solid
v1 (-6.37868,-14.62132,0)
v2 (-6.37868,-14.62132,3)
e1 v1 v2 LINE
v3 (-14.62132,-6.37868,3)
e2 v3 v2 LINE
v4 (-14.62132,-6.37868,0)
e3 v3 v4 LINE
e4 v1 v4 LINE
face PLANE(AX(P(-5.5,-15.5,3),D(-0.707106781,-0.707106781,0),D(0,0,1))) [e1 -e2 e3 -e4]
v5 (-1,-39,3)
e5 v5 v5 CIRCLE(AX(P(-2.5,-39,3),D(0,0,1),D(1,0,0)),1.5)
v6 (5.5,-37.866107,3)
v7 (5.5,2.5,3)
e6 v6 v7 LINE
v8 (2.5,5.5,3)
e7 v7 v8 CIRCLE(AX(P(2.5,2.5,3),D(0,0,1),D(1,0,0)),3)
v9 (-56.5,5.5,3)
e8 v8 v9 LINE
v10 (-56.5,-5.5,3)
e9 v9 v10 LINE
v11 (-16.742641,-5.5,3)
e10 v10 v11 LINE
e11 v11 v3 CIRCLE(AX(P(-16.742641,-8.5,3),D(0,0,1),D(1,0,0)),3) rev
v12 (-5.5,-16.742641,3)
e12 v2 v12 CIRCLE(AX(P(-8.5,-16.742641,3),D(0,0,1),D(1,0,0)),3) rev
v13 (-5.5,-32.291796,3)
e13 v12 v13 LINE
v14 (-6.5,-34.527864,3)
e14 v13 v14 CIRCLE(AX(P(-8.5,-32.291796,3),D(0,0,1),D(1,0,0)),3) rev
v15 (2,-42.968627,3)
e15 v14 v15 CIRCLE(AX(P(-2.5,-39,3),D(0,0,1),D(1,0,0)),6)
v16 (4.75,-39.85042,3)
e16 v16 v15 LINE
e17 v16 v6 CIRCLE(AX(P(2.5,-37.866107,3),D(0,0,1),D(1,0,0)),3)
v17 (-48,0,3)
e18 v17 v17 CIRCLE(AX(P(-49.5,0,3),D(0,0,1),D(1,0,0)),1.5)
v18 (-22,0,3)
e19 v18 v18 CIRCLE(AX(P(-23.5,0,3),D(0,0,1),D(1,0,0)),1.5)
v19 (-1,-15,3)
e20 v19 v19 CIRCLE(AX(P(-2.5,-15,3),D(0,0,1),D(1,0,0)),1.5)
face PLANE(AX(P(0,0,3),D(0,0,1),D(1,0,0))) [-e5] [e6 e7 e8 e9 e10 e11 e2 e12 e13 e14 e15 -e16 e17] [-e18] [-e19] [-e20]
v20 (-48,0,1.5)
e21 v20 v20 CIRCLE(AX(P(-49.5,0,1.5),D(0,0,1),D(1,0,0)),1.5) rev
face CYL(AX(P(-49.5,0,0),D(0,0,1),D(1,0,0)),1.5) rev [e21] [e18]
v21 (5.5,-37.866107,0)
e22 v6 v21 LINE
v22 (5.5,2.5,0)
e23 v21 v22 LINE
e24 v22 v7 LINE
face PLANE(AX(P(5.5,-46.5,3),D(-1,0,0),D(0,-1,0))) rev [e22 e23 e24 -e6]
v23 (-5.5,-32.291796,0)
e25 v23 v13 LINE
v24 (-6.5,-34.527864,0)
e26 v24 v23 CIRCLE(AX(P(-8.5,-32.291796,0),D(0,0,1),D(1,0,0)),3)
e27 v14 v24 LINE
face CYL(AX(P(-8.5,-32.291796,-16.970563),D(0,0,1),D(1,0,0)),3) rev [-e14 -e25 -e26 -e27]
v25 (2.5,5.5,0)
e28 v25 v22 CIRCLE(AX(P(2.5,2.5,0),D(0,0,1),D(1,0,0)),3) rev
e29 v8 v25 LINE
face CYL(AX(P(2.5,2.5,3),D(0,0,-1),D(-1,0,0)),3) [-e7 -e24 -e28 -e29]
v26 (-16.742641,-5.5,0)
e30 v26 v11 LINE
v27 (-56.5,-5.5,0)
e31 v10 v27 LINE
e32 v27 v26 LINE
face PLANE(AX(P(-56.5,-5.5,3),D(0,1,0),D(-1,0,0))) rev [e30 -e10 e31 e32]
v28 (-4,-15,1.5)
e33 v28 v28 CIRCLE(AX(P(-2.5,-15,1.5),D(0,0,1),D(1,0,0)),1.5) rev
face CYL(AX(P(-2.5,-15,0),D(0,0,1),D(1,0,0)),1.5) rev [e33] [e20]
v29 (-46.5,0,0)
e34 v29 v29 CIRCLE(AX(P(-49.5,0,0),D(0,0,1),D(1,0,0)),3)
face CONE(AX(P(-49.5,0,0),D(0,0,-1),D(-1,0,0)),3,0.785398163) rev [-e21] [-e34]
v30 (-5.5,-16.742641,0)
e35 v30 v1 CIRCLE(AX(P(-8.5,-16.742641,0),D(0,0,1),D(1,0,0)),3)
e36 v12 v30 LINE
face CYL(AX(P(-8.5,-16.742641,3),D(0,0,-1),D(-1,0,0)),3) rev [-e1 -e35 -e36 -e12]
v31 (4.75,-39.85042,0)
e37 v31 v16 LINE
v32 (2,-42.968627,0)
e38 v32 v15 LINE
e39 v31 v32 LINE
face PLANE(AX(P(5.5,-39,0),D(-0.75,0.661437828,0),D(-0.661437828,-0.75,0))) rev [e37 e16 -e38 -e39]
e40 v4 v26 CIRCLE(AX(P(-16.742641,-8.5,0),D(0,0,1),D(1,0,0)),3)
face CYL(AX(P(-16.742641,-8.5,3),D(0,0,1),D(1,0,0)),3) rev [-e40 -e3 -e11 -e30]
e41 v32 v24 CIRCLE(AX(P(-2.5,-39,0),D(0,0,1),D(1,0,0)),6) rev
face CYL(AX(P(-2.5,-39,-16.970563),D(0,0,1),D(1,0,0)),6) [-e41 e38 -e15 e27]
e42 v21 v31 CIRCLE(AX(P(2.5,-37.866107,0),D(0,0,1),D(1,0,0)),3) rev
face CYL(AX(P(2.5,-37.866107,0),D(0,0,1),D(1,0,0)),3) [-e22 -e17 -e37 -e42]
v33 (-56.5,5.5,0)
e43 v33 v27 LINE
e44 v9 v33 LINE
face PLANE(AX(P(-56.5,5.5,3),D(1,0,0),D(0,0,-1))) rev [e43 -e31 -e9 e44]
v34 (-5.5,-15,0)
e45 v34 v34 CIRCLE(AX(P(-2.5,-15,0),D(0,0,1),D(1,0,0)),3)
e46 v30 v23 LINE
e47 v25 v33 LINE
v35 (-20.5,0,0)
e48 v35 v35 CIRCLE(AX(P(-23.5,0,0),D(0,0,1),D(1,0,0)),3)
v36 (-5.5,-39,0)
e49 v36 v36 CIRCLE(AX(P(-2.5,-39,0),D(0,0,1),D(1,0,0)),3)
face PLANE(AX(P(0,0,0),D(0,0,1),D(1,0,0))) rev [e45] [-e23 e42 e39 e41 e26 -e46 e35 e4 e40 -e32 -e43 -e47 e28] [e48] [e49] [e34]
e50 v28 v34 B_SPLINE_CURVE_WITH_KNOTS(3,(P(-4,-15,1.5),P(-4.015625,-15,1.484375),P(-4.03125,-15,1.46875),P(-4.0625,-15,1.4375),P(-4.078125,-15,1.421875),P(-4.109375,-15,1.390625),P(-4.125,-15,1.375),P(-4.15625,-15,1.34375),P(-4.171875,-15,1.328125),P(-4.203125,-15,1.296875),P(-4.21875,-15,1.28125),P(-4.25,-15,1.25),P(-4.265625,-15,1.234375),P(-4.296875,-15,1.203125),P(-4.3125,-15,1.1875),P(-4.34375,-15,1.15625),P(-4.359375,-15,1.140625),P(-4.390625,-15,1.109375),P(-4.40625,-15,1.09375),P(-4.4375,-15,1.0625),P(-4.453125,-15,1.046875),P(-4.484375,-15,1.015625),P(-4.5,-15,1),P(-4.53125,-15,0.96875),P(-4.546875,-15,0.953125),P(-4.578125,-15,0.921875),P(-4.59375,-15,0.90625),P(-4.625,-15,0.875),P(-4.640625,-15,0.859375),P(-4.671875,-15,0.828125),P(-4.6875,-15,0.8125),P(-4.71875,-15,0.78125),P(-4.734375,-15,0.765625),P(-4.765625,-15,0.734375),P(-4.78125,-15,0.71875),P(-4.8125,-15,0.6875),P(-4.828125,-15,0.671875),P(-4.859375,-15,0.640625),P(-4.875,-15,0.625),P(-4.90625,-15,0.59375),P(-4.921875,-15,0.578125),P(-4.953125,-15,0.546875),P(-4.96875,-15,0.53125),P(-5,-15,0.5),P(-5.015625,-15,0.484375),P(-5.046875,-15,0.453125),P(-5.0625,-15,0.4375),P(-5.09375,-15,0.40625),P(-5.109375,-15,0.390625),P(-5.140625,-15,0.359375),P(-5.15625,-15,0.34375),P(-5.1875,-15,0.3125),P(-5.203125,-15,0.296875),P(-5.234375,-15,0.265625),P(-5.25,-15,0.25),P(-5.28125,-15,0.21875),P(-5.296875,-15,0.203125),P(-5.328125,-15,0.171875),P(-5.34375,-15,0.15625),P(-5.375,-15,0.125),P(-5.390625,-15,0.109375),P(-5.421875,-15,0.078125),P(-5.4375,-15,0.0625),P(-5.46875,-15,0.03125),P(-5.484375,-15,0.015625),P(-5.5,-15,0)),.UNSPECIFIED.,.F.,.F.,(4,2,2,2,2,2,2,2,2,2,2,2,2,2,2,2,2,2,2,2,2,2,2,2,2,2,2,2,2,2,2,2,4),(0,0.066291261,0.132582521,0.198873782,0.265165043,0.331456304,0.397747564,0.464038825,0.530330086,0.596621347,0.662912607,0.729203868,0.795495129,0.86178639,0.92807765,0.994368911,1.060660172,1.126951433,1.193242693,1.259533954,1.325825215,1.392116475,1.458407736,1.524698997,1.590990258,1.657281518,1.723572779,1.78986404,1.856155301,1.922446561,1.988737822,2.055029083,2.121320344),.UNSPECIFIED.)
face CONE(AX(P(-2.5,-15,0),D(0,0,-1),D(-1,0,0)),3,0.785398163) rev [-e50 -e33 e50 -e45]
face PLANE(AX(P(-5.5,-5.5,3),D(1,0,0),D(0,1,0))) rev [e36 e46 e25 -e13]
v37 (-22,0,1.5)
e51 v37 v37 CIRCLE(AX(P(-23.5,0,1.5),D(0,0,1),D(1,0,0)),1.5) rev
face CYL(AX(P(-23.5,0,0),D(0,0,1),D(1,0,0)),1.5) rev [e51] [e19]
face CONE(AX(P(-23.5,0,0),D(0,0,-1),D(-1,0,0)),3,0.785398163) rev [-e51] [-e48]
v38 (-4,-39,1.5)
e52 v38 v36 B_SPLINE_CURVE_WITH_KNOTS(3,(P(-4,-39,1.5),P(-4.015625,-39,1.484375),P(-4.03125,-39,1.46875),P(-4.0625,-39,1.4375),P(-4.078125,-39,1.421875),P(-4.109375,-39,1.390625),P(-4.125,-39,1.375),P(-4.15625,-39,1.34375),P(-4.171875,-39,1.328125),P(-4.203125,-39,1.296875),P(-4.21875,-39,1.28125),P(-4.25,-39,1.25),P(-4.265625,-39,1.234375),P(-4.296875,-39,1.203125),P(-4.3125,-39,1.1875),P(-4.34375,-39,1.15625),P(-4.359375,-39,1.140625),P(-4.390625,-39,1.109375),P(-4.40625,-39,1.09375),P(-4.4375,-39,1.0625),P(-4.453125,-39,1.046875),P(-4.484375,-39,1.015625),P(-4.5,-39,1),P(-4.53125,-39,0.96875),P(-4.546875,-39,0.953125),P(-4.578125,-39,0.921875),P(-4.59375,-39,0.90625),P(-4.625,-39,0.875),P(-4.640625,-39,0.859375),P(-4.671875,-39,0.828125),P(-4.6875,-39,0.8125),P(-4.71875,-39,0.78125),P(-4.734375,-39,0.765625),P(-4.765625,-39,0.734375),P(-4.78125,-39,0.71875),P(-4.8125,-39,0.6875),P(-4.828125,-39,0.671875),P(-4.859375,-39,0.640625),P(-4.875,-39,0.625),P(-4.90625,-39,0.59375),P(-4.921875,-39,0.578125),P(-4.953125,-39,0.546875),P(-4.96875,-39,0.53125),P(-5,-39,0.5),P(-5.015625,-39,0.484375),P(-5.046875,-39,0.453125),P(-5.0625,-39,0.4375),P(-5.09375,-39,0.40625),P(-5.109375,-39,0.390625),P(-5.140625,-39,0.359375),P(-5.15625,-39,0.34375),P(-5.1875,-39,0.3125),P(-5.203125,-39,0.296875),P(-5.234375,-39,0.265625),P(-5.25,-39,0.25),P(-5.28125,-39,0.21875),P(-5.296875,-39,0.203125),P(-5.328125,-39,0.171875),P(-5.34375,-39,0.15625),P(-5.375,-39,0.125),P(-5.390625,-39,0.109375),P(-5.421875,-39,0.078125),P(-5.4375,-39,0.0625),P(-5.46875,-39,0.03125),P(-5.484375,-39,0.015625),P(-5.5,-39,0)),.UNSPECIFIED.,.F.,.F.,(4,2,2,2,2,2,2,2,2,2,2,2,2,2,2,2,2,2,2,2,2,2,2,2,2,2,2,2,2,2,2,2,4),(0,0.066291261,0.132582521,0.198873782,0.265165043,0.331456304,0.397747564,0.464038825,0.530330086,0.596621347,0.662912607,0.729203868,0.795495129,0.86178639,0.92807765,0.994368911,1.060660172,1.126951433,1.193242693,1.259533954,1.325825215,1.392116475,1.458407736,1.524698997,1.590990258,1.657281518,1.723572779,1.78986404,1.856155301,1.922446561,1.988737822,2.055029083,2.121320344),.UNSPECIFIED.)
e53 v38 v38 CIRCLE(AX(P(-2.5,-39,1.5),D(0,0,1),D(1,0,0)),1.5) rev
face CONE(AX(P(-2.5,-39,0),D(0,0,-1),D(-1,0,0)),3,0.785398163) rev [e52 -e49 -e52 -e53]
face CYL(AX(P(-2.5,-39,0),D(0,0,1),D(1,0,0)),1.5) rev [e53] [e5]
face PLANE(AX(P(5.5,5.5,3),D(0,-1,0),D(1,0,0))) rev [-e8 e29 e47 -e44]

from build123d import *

# Parameters (mm, degrees)
EXTRUDE_598_DEPTH      = 3
SKETCH_656_R           = 1.5
CUT_EXTRUDE_1014_DEPTH = 74.235920149
SKETCH_3_R             = 6
SKETCH_3_R_2           = 1.5
EXTRUDE_1306_DEPTH     = 3
CUT_EXTRUDE_1628_DEPTH = 74.235920149
CHAMFER_3_SIZE         = 10
FILLET_3_R             = 3
CHAMFER_2_SIZE         = 1.5


with BuildPart() as part:
    # Эскиз1 → Extrude 598 (new body)
    with BuildSketch(Plane.XY):
        Polygon((-56.5, 5.5), (-56.5, -5.5), (-5.5, -5.5), (-5.5, -46.5), (5.5, -46.5), (5.5, 5.5), align=None)
    extrude(amount=EXTRUDE_598_DEPTH)

    # Sketch 656 → Cut-Extrude 1014 (cut, through all)
    with BuildSketch(Plane.XY.offset(3)):
        with Locations((-49.5, 0)):
            Circle(SKETCH_656_R)
        with Locations((-23.5, 0)):
            Circle(SKETCH_656_R)
        with Locations((-2.5, -15)):
            Circle(SKETCH_656_R)
        with Locations((-2.5, -39)):
            Circle(SKETCH_656_R)
    extrude(amount=-CUT_EXTRUDE_1014_DEPTH, mode=Mode.SUBTRACT)

    # Эскиз3 → Extrude 1306 (add)
    with BuildSketch(Plane.XY.offset(3)):
        with Locations((-2.5, -39)):
            Circle(SKETCH_3_R)
        with Locations((-2.5, -39)):
            Circle(SKETCH_3_R_2, mode=Mode.SUBTRACT)
    extrude(amount=-EXTRUDE_1306_DEPTH)

    # Эскиз4 → Cut-Extrude 1628 (cut, through all)
    with BuildSketch(Plane.XY.offset(3)):
        with BuildLine():
            Line((-5.5, -46.5), (-5.5, -44.196152423))
            ThreePointArc((-5.5, -44.196152423), (-1.530874267, -44.921215696), (2, -42.968626967))
            Line((2, -42.968626967), (5.5, -39))
            Line((5.5, -39), (5.5, -46.5))
            Line((5.5, -46.5), (-5.5, -46.5))
        make_face()
    extrude(amount=-CUT_EXTRUDE_1628_DEPTH, mode=Mode.SUBTRACT)

    # Фаска3
    chamfer_3_edges = [part.edges().sort_by_distance(p)[0] for p in [
        (-5.5, -5.5, 1.5),
    ]]
    chamfer(chamfer_3_edges, length=CHAMFER_3_SIZE)

    # Скругление3
    fillet_3_edges = [part.edges().sort_by_distance(p)[0] for p in [
        (5.5, 5.5, 1.5),
        (-5.5, -33.803847577, 1.5),
        (5.5, -39, 1.5),
        (-5.5, -15.5, 1.5),
        (-15.5, -5.5, 1.5),
    ]]
    fillet(fillet_3_edges, radius=FILLET_3_R)

    # Фаска2
    chamfer_2_edges = [part.edges().sort_by_distance(p)[0] for p in [
        (-4, -15, 0),
        (-51, 0, 0),
        (-25, 0, 0),
        (-4, -39, 0),
    ]]
    chamfer(chamfer_2_edges, length=CHAMFER_2_SIZE)


solid = part.part
